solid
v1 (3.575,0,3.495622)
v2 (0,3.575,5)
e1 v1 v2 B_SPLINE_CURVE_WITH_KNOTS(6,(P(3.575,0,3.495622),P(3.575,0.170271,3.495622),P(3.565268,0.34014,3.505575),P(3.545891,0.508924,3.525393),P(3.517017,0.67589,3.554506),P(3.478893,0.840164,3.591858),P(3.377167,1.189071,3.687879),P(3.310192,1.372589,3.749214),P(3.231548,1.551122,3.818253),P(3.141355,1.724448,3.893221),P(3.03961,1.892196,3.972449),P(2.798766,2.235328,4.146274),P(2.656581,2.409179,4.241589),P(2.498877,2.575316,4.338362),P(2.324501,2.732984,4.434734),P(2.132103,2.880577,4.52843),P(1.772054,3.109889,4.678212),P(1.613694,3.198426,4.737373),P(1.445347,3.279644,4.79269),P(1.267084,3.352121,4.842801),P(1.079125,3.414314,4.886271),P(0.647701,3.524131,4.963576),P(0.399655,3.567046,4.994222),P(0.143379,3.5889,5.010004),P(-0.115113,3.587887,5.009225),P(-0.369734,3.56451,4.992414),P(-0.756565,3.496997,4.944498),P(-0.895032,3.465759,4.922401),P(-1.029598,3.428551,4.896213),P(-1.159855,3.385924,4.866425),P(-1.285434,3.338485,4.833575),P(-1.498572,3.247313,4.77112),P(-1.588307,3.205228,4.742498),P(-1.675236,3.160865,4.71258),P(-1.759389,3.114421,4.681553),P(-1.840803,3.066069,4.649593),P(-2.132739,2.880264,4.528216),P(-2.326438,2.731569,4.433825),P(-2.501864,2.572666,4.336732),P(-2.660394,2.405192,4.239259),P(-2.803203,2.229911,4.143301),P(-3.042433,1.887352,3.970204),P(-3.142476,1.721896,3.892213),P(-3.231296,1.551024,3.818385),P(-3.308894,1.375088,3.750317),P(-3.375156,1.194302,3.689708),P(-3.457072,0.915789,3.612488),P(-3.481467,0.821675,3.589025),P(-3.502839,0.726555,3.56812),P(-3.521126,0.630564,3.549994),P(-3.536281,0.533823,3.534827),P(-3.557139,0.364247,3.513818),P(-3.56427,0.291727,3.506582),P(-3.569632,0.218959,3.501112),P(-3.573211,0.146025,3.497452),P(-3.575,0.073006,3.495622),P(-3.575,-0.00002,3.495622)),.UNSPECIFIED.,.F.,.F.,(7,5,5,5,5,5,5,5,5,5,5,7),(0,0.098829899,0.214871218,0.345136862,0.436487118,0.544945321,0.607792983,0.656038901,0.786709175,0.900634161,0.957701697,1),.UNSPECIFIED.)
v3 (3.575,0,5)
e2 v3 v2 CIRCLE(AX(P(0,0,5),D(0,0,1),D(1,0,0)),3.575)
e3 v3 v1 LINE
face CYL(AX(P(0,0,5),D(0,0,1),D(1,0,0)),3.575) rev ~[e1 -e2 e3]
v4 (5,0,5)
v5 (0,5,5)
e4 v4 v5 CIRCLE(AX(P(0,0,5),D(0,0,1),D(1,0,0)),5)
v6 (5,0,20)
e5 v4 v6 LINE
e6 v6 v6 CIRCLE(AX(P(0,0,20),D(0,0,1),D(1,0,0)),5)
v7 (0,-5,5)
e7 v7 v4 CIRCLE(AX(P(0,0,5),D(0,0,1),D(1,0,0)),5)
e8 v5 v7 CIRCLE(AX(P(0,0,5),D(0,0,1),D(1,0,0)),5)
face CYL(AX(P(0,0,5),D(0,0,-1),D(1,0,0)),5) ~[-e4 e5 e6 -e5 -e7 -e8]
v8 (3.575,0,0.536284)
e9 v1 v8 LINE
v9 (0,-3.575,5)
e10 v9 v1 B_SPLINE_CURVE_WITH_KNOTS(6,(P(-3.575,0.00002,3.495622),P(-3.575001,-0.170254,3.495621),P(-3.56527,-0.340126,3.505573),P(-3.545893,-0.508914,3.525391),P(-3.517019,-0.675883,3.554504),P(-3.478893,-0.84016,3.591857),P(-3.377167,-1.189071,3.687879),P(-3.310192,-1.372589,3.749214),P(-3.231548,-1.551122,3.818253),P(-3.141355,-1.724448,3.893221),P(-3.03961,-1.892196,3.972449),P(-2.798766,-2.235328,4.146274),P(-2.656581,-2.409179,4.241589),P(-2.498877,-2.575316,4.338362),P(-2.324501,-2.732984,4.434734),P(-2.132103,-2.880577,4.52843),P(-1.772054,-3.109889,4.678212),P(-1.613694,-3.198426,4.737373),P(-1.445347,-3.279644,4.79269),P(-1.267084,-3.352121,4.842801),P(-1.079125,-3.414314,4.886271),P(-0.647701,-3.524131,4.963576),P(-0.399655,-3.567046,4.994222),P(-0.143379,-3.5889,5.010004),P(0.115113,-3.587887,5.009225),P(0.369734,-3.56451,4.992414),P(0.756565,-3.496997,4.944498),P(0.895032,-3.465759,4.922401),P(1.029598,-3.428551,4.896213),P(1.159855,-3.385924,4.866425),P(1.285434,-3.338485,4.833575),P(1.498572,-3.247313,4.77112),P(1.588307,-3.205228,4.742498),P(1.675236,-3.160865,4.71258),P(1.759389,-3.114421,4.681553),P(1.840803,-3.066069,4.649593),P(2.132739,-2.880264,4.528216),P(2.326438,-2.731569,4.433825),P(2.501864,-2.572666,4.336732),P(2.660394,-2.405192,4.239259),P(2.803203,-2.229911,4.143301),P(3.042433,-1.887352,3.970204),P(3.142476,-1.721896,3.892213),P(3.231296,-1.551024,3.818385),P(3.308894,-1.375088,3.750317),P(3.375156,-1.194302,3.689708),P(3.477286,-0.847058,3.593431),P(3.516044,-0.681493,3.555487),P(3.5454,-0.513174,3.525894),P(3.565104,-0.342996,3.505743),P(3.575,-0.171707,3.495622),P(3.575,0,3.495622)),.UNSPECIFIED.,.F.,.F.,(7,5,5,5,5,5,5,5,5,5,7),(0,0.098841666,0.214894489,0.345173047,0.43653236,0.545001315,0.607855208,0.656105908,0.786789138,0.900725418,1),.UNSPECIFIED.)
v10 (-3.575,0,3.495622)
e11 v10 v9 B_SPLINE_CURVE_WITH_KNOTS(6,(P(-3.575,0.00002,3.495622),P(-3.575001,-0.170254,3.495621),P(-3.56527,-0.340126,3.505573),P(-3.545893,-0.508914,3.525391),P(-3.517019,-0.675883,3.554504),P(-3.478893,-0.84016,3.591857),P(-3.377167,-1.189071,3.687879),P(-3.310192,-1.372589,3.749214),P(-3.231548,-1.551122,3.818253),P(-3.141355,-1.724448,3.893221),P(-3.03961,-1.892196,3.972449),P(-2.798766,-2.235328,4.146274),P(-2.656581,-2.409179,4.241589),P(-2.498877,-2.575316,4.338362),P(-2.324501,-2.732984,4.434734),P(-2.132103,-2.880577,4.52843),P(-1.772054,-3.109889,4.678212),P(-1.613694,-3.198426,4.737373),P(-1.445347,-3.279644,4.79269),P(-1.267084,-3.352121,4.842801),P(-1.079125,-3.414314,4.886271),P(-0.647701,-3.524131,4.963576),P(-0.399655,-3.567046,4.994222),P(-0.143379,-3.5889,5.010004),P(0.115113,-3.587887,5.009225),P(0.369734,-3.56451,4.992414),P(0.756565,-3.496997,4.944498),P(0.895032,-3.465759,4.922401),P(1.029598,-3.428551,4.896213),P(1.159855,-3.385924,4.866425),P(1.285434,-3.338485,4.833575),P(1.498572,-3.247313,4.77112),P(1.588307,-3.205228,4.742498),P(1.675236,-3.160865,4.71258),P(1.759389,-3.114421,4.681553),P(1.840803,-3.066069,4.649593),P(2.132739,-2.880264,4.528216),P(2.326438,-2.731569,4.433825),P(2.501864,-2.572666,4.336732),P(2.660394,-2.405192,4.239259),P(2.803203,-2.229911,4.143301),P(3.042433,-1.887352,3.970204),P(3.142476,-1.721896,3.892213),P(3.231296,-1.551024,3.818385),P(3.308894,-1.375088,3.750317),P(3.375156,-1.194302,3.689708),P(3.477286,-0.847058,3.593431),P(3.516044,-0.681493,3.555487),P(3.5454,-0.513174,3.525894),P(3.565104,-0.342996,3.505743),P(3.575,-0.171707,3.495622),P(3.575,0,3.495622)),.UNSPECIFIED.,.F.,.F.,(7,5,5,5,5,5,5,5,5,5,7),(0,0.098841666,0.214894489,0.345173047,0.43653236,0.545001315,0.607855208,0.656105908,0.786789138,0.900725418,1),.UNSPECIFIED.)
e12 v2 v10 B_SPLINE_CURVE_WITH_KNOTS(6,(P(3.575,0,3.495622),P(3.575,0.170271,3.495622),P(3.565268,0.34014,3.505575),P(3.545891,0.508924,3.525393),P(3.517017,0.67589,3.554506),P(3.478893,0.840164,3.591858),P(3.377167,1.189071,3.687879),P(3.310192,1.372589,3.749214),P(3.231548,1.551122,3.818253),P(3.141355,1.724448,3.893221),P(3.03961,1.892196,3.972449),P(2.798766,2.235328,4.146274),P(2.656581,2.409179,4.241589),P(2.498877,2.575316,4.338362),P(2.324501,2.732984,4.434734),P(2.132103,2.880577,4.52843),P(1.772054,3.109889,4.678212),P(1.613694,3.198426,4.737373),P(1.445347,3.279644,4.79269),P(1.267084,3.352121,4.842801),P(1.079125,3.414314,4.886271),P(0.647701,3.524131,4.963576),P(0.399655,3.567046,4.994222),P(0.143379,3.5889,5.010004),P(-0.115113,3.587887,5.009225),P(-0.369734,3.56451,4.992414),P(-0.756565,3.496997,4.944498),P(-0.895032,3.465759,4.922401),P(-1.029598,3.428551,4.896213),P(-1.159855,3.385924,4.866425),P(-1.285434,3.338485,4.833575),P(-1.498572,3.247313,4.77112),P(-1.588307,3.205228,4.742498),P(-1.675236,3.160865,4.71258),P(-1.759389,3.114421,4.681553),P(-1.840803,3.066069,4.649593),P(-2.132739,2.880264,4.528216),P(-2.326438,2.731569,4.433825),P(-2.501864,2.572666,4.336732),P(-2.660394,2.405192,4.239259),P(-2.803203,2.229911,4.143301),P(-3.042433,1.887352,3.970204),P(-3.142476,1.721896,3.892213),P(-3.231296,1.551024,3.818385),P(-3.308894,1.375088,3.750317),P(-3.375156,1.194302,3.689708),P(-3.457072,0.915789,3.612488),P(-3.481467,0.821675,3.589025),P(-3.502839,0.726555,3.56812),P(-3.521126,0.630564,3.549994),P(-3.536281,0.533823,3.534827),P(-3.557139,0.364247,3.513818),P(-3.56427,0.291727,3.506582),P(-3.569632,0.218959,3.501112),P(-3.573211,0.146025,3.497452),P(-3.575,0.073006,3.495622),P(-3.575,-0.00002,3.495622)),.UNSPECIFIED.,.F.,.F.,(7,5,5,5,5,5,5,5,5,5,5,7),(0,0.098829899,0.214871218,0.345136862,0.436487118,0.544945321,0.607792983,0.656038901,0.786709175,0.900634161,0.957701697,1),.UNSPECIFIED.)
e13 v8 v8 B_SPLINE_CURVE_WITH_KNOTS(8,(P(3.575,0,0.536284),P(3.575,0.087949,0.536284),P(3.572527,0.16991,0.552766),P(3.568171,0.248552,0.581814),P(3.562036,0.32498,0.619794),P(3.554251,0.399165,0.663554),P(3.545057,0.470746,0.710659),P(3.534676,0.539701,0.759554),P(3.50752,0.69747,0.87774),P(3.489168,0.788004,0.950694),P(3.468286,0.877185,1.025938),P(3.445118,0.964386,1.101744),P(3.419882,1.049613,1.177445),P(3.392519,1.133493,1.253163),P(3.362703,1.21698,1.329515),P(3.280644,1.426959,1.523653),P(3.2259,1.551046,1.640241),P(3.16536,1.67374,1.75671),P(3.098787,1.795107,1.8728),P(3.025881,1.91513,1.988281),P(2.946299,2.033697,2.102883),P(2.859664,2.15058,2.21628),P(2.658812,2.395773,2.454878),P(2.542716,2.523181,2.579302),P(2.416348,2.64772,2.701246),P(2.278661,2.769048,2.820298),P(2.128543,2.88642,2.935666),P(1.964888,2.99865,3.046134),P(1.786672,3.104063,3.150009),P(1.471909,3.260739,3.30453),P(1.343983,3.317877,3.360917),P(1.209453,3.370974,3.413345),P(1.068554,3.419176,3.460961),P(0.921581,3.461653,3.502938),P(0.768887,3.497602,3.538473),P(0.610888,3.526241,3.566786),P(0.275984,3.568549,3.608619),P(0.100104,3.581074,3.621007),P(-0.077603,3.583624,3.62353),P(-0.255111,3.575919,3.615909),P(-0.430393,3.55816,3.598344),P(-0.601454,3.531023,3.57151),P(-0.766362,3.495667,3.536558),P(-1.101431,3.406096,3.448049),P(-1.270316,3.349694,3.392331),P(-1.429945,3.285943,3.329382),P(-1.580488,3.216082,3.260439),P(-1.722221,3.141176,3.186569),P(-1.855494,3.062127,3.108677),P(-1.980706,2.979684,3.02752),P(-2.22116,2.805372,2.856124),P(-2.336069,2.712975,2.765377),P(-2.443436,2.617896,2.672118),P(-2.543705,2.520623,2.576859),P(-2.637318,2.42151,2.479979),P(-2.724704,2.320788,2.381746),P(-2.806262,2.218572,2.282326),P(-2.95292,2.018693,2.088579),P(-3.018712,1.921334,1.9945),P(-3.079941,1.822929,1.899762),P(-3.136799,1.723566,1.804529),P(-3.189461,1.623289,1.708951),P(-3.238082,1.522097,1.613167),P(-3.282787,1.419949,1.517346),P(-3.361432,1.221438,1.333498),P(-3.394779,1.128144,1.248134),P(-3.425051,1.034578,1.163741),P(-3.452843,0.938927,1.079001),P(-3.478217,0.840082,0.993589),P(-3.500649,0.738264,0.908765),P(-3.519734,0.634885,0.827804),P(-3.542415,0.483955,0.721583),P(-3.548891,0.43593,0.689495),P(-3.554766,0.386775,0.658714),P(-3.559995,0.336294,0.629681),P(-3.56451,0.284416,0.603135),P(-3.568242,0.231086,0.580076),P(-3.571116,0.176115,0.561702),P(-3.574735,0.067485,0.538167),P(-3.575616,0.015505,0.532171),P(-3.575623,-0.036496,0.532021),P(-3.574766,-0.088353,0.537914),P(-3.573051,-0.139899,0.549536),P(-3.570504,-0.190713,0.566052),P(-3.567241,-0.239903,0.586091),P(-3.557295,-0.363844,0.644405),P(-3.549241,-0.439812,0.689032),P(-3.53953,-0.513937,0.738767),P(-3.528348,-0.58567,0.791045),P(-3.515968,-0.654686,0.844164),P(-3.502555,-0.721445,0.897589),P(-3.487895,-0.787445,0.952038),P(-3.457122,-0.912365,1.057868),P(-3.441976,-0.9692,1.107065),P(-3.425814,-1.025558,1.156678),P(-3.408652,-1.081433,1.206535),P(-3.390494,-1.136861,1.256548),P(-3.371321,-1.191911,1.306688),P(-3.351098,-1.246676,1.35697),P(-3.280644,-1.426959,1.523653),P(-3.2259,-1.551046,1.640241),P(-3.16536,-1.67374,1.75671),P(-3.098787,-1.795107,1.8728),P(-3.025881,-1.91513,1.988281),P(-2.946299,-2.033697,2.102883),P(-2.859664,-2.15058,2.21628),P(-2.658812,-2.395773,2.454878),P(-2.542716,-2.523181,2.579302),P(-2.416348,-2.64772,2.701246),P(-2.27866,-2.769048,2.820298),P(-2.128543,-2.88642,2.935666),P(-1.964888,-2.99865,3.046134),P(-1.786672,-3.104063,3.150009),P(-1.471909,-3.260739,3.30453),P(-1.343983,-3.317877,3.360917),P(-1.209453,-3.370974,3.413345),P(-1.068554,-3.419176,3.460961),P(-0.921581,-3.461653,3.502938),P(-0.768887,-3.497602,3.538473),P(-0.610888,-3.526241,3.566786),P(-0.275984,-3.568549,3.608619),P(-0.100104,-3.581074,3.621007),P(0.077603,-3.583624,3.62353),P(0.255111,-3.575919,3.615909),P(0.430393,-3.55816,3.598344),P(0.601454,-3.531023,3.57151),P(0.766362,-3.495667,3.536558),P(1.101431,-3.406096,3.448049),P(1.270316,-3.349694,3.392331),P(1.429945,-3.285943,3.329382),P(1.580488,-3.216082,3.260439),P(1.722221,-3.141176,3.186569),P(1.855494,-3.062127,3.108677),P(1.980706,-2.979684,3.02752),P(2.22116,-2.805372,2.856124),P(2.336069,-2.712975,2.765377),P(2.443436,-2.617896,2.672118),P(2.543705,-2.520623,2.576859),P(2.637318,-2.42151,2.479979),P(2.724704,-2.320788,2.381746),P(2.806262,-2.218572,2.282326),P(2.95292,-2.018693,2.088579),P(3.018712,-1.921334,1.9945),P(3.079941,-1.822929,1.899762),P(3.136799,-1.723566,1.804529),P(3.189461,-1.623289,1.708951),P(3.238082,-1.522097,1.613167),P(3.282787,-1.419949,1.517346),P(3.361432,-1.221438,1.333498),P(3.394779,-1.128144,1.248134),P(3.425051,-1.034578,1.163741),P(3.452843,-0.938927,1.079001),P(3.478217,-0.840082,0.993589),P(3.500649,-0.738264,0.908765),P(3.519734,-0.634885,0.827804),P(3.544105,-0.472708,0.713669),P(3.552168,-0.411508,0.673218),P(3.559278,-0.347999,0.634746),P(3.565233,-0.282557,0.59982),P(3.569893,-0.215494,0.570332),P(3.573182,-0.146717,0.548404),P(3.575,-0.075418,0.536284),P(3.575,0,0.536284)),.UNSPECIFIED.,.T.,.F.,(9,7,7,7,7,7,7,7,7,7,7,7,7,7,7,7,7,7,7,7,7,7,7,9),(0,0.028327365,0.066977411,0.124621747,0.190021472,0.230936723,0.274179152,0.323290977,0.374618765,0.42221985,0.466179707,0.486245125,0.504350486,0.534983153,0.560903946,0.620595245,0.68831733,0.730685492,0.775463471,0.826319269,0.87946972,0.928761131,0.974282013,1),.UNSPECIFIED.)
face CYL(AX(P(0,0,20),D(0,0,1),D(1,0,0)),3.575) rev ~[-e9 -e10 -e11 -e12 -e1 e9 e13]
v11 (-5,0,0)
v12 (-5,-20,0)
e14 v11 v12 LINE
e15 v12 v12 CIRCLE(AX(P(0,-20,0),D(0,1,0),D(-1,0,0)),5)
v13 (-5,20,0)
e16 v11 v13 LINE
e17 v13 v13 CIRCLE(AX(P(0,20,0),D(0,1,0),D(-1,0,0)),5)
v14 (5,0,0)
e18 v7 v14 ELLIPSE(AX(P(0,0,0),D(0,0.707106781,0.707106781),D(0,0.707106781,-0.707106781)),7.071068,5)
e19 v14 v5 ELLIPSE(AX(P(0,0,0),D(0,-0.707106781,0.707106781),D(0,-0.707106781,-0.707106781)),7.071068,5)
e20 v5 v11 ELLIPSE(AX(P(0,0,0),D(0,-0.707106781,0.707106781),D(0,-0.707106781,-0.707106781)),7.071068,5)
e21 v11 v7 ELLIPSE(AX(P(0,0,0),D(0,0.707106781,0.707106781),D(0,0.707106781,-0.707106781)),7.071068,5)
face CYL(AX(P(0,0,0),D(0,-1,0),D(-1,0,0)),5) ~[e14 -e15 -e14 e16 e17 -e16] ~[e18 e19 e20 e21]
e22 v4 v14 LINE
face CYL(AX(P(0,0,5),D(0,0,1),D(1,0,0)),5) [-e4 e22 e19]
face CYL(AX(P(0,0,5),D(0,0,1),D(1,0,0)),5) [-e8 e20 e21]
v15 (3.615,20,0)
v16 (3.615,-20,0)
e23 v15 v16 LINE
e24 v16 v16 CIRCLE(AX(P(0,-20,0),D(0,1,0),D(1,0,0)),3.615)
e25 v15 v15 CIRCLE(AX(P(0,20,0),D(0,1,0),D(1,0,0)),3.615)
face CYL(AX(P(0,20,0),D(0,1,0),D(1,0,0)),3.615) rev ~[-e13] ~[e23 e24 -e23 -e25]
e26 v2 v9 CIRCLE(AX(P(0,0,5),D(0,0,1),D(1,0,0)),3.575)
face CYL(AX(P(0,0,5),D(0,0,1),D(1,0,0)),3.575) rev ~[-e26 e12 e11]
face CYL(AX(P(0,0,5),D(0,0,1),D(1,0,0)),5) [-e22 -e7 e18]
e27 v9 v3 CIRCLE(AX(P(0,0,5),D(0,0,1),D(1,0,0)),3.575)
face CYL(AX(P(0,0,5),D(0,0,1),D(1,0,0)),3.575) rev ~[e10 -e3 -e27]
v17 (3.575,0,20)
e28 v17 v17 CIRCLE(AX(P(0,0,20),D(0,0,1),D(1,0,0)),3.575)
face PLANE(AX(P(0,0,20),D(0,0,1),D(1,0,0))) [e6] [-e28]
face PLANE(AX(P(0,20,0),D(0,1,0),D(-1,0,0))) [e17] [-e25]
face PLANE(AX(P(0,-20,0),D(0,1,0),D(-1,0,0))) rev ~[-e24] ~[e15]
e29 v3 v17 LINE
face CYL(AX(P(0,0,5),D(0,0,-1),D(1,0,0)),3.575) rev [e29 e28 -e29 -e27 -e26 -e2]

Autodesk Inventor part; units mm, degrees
ref_plane "YZ Plane" through (0, 0, 0) normal (1, 0, 0) x (0, 1, 0)
ref_plane "XZ Plane" through (0, 0, 0) normal (0, 1, 0) x (-1, 0, 0)
sketch "Sketch1" plane through (0, 0, 0) normal (0, 1, 0) x (-1, 0, 0)
  circle A0 centre (0, 0) radius 3.575
  circle A1 centre (0, 0) radius 5
  dimension "d0" = 7.15
  dimension "d1" = 10
extrude "Extrusion1" add sketch "Sketch1" along normal mid plane 40
ref_plane "Work Plane1" through (0, 0, 5) normal (0, 0, 1) x (1, 0, 0)
sketch "Sketch2" plane through (0, 0, 5) normal (0, 0, 1) x (1, 0, 0)
  circle A0 centre (0, 0) radius 3.575
  circle A1 centre (0, 0) radius 5
  line L0 (5, 20) -> (-5, 20) projected
  dimension "d4" = 7.15
  dimension "d5" = 10
  dimension "d22" = 0
extrude "Extrusion2" add sketch "Sketch2" along normal blind 15 and the other way blind 5
sketch "Sketch3" plane through (0, 0, 20) normal (0, 0, 1) x (1, 0, 0)
  circle A0 centre (0, 0) radius 3.575
extrude "Extrusion3" cut sketch "Sketch3" against normal up to surface
sketch "Sketch4" plane through (0, 20, 0) normal (0, 1, 0) x (1, 0, 0)
  circle A0 centre (0, 0) radius 3.615
  dimension "d13" = 7.23
extrude "Extrusion4" cut sketch "Sketch4" against normal through all
sketch "Sketch5" plane through (0, 0, -5) normal (0, 0, 1) x (1, 0, 0)
  line L0 (5, 15) -> (-5, 15) projected
  line L1 (-5, -15) -> (5, -15) projected
  line L2 (2, 15) -> (-2, 15)
  line L3 (-2, 15) -> (-2, -15)
  line L4 (-2, -15) -> (2, -15)
  line L5 (2, -15) -> (2, 15)
  point P0 (0, 0)
  dimension "d16" = 4
  dimension "d17" = 2
properties part number "T-joint"
